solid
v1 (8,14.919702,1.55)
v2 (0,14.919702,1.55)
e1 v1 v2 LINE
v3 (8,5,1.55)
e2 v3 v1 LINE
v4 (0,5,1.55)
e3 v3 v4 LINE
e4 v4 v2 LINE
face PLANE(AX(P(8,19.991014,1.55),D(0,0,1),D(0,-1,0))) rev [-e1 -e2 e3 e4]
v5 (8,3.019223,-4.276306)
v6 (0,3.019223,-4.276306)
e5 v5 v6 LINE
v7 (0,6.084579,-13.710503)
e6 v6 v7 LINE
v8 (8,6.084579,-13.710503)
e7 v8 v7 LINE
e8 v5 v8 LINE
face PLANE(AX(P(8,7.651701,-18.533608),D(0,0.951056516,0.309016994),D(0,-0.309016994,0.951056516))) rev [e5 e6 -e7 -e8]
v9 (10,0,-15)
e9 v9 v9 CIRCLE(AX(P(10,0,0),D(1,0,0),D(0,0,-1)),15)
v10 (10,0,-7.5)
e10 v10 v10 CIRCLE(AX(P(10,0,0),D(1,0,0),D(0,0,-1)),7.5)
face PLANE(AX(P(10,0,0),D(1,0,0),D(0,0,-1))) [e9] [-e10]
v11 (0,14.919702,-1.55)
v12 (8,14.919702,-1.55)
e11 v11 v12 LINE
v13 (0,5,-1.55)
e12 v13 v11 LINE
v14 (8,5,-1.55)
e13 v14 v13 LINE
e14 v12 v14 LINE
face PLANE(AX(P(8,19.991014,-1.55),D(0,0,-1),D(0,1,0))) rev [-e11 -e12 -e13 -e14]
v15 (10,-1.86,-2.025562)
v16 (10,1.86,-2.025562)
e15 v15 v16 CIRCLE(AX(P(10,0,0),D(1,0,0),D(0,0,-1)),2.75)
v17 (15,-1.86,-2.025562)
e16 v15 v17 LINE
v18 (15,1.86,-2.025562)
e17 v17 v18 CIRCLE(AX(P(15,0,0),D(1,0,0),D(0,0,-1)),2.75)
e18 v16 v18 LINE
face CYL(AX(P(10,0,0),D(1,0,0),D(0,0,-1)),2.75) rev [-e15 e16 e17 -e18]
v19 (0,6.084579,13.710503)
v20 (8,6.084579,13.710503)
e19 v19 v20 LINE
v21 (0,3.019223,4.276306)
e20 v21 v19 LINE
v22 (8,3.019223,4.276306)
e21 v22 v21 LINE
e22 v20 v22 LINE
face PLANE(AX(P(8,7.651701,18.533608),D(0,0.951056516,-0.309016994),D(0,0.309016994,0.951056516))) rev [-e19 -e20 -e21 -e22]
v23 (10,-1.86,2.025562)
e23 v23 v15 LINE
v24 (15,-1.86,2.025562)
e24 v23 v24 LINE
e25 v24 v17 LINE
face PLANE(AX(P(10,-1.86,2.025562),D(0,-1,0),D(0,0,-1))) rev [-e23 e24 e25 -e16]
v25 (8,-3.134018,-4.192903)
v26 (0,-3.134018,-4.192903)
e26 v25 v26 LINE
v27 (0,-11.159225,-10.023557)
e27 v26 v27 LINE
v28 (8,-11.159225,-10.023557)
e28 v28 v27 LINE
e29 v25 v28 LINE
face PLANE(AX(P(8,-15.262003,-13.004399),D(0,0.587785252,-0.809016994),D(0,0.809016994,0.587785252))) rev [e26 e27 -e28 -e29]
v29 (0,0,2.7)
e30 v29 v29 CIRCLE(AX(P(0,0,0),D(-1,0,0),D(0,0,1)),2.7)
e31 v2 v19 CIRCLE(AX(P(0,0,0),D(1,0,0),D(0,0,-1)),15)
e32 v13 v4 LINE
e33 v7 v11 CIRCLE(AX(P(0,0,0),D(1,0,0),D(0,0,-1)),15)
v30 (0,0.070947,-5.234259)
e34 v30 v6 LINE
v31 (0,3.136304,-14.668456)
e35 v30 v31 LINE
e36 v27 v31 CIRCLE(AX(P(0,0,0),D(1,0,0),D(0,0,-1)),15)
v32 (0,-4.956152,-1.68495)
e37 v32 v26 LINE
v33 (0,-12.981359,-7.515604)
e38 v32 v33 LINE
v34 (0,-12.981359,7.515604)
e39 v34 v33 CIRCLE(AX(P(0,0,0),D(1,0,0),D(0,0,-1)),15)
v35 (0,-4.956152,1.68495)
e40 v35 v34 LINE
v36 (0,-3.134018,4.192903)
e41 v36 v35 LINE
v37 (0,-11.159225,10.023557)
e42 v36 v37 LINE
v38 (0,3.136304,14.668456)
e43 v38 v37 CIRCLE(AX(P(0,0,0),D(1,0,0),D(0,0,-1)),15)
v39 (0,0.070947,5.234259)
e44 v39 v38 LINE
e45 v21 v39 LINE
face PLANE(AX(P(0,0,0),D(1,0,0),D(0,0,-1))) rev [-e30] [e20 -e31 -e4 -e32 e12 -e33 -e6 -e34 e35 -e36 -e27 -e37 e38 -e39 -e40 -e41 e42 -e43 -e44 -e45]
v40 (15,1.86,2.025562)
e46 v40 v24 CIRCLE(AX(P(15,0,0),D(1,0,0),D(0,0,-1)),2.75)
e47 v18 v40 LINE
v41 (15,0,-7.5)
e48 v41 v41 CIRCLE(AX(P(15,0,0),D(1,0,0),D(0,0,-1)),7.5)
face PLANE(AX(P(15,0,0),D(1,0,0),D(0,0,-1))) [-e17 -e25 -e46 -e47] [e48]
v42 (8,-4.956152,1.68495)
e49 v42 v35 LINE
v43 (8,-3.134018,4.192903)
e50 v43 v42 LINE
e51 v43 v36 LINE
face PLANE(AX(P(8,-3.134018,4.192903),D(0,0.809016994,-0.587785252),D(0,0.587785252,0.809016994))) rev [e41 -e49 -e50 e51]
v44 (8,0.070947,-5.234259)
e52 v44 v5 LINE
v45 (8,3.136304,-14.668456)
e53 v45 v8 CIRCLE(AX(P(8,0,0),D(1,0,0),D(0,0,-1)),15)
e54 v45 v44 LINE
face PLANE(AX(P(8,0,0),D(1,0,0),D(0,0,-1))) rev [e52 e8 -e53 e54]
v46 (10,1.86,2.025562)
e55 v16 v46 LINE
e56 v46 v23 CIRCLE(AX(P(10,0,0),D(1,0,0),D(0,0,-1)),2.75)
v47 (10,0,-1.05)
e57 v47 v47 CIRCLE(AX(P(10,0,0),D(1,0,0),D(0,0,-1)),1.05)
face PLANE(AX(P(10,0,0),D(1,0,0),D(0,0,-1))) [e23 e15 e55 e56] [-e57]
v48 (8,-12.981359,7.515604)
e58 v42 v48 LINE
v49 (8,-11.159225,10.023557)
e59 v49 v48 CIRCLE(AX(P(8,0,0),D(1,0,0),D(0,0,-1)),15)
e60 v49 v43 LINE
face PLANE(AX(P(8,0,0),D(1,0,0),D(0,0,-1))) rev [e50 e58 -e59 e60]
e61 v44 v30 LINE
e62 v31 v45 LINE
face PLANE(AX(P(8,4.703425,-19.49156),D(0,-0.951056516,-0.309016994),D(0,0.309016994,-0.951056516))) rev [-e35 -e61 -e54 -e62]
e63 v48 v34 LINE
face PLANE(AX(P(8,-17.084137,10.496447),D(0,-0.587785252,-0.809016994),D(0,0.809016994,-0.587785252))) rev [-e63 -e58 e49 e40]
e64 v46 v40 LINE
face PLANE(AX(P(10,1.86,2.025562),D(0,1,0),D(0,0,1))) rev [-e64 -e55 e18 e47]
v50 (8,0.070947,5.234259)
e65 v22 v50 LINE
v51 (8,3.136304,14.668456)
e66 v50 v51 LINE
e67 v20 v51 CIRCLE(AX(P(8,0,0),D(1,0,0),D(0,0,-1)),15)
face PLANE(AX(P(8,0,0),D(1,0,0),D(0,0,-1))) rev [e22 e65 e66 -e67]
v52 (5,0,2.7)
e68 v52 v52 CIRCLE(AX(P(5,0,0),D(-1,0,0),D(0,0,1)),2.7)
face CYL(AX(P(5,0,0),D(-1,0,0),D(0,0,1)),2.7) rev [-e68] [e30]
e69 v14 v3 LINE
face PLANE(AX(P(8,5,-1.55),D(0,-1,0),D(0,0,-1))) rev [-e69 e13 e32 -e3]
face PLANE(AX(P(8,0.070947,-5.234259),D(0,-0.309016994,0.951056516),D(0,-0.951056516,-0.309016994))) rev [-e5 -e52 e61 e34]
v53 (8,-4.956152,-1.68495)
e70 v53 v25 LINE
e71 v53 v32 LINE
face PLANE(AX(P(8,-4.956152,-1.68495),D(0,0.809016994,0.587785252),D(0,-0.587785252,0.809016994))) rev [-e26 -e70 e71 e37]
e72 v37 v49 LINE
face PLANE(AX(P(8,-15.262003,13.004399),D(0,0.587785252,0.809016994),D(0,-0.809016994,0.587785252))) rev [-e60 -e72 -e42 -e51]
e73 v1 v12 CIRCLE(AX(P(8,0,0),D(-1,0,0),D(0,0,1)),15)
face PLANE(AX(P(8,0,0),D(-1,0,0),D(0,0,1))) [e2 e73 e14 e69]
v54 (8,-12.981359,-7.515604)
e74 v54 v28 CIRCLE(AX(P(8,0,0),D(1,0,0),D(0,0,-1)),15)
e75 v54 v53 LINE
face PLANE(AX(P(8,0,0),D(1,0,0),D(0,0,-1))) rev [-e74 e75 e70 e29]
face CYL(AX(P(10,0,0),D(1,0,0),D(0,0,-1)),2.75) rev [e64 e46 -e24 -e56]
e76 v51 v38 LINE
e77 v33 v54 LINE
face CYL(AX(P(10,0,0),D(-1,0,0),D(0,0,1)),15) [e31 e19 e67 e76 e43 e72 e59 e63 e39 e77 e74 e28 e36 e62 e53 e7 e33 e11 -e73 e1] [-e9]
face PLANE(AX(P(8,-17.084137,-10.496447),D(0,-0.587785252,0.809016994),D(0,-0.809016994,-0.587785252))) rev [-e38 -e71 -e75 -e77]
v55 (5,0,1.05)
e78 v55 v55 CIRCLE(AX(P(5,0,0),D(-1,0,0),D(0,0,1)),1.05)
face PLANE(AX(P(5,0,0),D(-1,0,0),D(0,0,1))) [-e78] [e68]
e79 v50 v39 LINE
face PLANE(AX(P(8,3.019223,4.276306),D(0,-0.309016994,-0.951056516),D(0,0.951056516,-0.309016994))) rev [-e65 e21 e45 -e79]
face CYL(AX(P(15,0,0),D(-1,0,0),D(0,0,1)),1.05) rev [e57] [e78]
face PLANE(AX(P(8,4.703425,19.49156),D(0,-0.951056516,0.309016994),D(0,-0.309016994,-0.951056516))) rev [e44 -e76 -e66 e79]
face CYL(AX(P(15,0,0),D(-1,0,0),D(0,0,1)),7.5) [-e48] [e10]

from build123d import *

# Parameters (mm, degrees)
SKETCH_1_R          = 15
EXTRUDE_1_DEPTH     = 10
SKETCH_2_R          = 7.5
EXTRUDE_2_DEPTH     = 5
CUT_EXTRUDE_1_DEPTH = 5
SKETCH_4_R          = 2.7
CUT_EXTRUDE_2_DEPTH = 5
SKETCH_5_R          = 1.05
CUT_EXTRUDE_3_DEPTH = 24.452078799
SKETCH_6_W          = 3.1
SKETCH_6_H          = 14.99101371
CUT_EXTRUDE_4_DEPTH = 8


with BuildPart() as part:
    # 草图1 → 凸台-拉伸1 (new body)
    with BuildSketch(Plane(origin=(0, 0, 0), x_dir=(0, 0, -1), z_dir=(1, 0, 0))):
        Circle(SKETCH_1_R)
    extrude(amount=EXTRUDE_1_DEPTH)

    # 草图2 → 凸台-拉伸2 (add)
    with BuildSketch(Plane(origin=(10, 0, 0), x_dir=(0, 0, -1), z_dir=(1, 0, 0))):
        Circle(SKETCH_2_R)
    extrude(amount=EXTRUDE_2_DEPTH)

    # 草图3 → 切除-拉伸1 (cut)
    with BuildSketch(Plane(origin=(15, 0, 0), x_dir=(0, 0, -1), z_dir=(1, 0, 0))):
        with BuildLine():
            Line((-2.025561651, 1.86), (2.025561651, 1.86))
            ThreePointArc((2.025561651, 1.86), (2.75, 0), (2.025561651, -1.86))
            Line((2.025561651, -1.86), (-2.025561651, -1.86))
            ThreePointArc((-2.025561651, -1.86), (-2.75, 0), (-2.025561651, 1.86))
        make_face()
    extrude(amount=-CUT_EXTRUDE_1_DEPTH, mode=Mode.SUBTRACT)

    # 草图4 → 切除-拉伸2 (cut)
    with BuildSketch(Plane.ZY):
        Circle(SKETCH_4_R)
    extrude(amount=-CUT_EXTRUDE_2_DEPTH, mode=Mode.SUBTRACT)

    # 草图5 → 切除-拉伸3 (cut, through all)
    with BuildSketch(Plane.ZY.offset(-5)):
        Circle(SKETCH_5_R)
    extrude(amount=-CUT_EXTRUDE_3_DEPTH, mode=Mode.SUBTRACT)

    # 草图6 → 切除-拉伸4 (cut)
    with BuildSketch(Plane.ZY):
        Polygon((18.533607515, 7.651700572), (19.491560198, 4.703425371), (5.234258923, 0.070947372), (4.27630624, 3.019222572), align=None)
        with Locations((0, 12.495506855)):
            Rectangle(SKETCH_6_W, SKETCH_6_H)
        Polygon((13.004399379, -15.262002685), (10.496446696, -17.084136968), (1.68494992, -4.956152113), (4.192902603, -3.134017831), align=None)
        Polygon((-10.496446696, -17.084136968), (-13.004399379, -15.262002685), (-4.192902603, -3.134017831), (-1.68494992, -4.956152113), align=None)
        Polygon((-19.491560198, 4.703425371), (-18.533607515, 7.651700572), (-4.27630624, 3.019222572), (-5.234258923, 0.070947372), align=None)
    extrude(amount=-CUT_EXTRUDE_4_DEPTH, mode=Mode.SUBTRACT)


solid = part.part
